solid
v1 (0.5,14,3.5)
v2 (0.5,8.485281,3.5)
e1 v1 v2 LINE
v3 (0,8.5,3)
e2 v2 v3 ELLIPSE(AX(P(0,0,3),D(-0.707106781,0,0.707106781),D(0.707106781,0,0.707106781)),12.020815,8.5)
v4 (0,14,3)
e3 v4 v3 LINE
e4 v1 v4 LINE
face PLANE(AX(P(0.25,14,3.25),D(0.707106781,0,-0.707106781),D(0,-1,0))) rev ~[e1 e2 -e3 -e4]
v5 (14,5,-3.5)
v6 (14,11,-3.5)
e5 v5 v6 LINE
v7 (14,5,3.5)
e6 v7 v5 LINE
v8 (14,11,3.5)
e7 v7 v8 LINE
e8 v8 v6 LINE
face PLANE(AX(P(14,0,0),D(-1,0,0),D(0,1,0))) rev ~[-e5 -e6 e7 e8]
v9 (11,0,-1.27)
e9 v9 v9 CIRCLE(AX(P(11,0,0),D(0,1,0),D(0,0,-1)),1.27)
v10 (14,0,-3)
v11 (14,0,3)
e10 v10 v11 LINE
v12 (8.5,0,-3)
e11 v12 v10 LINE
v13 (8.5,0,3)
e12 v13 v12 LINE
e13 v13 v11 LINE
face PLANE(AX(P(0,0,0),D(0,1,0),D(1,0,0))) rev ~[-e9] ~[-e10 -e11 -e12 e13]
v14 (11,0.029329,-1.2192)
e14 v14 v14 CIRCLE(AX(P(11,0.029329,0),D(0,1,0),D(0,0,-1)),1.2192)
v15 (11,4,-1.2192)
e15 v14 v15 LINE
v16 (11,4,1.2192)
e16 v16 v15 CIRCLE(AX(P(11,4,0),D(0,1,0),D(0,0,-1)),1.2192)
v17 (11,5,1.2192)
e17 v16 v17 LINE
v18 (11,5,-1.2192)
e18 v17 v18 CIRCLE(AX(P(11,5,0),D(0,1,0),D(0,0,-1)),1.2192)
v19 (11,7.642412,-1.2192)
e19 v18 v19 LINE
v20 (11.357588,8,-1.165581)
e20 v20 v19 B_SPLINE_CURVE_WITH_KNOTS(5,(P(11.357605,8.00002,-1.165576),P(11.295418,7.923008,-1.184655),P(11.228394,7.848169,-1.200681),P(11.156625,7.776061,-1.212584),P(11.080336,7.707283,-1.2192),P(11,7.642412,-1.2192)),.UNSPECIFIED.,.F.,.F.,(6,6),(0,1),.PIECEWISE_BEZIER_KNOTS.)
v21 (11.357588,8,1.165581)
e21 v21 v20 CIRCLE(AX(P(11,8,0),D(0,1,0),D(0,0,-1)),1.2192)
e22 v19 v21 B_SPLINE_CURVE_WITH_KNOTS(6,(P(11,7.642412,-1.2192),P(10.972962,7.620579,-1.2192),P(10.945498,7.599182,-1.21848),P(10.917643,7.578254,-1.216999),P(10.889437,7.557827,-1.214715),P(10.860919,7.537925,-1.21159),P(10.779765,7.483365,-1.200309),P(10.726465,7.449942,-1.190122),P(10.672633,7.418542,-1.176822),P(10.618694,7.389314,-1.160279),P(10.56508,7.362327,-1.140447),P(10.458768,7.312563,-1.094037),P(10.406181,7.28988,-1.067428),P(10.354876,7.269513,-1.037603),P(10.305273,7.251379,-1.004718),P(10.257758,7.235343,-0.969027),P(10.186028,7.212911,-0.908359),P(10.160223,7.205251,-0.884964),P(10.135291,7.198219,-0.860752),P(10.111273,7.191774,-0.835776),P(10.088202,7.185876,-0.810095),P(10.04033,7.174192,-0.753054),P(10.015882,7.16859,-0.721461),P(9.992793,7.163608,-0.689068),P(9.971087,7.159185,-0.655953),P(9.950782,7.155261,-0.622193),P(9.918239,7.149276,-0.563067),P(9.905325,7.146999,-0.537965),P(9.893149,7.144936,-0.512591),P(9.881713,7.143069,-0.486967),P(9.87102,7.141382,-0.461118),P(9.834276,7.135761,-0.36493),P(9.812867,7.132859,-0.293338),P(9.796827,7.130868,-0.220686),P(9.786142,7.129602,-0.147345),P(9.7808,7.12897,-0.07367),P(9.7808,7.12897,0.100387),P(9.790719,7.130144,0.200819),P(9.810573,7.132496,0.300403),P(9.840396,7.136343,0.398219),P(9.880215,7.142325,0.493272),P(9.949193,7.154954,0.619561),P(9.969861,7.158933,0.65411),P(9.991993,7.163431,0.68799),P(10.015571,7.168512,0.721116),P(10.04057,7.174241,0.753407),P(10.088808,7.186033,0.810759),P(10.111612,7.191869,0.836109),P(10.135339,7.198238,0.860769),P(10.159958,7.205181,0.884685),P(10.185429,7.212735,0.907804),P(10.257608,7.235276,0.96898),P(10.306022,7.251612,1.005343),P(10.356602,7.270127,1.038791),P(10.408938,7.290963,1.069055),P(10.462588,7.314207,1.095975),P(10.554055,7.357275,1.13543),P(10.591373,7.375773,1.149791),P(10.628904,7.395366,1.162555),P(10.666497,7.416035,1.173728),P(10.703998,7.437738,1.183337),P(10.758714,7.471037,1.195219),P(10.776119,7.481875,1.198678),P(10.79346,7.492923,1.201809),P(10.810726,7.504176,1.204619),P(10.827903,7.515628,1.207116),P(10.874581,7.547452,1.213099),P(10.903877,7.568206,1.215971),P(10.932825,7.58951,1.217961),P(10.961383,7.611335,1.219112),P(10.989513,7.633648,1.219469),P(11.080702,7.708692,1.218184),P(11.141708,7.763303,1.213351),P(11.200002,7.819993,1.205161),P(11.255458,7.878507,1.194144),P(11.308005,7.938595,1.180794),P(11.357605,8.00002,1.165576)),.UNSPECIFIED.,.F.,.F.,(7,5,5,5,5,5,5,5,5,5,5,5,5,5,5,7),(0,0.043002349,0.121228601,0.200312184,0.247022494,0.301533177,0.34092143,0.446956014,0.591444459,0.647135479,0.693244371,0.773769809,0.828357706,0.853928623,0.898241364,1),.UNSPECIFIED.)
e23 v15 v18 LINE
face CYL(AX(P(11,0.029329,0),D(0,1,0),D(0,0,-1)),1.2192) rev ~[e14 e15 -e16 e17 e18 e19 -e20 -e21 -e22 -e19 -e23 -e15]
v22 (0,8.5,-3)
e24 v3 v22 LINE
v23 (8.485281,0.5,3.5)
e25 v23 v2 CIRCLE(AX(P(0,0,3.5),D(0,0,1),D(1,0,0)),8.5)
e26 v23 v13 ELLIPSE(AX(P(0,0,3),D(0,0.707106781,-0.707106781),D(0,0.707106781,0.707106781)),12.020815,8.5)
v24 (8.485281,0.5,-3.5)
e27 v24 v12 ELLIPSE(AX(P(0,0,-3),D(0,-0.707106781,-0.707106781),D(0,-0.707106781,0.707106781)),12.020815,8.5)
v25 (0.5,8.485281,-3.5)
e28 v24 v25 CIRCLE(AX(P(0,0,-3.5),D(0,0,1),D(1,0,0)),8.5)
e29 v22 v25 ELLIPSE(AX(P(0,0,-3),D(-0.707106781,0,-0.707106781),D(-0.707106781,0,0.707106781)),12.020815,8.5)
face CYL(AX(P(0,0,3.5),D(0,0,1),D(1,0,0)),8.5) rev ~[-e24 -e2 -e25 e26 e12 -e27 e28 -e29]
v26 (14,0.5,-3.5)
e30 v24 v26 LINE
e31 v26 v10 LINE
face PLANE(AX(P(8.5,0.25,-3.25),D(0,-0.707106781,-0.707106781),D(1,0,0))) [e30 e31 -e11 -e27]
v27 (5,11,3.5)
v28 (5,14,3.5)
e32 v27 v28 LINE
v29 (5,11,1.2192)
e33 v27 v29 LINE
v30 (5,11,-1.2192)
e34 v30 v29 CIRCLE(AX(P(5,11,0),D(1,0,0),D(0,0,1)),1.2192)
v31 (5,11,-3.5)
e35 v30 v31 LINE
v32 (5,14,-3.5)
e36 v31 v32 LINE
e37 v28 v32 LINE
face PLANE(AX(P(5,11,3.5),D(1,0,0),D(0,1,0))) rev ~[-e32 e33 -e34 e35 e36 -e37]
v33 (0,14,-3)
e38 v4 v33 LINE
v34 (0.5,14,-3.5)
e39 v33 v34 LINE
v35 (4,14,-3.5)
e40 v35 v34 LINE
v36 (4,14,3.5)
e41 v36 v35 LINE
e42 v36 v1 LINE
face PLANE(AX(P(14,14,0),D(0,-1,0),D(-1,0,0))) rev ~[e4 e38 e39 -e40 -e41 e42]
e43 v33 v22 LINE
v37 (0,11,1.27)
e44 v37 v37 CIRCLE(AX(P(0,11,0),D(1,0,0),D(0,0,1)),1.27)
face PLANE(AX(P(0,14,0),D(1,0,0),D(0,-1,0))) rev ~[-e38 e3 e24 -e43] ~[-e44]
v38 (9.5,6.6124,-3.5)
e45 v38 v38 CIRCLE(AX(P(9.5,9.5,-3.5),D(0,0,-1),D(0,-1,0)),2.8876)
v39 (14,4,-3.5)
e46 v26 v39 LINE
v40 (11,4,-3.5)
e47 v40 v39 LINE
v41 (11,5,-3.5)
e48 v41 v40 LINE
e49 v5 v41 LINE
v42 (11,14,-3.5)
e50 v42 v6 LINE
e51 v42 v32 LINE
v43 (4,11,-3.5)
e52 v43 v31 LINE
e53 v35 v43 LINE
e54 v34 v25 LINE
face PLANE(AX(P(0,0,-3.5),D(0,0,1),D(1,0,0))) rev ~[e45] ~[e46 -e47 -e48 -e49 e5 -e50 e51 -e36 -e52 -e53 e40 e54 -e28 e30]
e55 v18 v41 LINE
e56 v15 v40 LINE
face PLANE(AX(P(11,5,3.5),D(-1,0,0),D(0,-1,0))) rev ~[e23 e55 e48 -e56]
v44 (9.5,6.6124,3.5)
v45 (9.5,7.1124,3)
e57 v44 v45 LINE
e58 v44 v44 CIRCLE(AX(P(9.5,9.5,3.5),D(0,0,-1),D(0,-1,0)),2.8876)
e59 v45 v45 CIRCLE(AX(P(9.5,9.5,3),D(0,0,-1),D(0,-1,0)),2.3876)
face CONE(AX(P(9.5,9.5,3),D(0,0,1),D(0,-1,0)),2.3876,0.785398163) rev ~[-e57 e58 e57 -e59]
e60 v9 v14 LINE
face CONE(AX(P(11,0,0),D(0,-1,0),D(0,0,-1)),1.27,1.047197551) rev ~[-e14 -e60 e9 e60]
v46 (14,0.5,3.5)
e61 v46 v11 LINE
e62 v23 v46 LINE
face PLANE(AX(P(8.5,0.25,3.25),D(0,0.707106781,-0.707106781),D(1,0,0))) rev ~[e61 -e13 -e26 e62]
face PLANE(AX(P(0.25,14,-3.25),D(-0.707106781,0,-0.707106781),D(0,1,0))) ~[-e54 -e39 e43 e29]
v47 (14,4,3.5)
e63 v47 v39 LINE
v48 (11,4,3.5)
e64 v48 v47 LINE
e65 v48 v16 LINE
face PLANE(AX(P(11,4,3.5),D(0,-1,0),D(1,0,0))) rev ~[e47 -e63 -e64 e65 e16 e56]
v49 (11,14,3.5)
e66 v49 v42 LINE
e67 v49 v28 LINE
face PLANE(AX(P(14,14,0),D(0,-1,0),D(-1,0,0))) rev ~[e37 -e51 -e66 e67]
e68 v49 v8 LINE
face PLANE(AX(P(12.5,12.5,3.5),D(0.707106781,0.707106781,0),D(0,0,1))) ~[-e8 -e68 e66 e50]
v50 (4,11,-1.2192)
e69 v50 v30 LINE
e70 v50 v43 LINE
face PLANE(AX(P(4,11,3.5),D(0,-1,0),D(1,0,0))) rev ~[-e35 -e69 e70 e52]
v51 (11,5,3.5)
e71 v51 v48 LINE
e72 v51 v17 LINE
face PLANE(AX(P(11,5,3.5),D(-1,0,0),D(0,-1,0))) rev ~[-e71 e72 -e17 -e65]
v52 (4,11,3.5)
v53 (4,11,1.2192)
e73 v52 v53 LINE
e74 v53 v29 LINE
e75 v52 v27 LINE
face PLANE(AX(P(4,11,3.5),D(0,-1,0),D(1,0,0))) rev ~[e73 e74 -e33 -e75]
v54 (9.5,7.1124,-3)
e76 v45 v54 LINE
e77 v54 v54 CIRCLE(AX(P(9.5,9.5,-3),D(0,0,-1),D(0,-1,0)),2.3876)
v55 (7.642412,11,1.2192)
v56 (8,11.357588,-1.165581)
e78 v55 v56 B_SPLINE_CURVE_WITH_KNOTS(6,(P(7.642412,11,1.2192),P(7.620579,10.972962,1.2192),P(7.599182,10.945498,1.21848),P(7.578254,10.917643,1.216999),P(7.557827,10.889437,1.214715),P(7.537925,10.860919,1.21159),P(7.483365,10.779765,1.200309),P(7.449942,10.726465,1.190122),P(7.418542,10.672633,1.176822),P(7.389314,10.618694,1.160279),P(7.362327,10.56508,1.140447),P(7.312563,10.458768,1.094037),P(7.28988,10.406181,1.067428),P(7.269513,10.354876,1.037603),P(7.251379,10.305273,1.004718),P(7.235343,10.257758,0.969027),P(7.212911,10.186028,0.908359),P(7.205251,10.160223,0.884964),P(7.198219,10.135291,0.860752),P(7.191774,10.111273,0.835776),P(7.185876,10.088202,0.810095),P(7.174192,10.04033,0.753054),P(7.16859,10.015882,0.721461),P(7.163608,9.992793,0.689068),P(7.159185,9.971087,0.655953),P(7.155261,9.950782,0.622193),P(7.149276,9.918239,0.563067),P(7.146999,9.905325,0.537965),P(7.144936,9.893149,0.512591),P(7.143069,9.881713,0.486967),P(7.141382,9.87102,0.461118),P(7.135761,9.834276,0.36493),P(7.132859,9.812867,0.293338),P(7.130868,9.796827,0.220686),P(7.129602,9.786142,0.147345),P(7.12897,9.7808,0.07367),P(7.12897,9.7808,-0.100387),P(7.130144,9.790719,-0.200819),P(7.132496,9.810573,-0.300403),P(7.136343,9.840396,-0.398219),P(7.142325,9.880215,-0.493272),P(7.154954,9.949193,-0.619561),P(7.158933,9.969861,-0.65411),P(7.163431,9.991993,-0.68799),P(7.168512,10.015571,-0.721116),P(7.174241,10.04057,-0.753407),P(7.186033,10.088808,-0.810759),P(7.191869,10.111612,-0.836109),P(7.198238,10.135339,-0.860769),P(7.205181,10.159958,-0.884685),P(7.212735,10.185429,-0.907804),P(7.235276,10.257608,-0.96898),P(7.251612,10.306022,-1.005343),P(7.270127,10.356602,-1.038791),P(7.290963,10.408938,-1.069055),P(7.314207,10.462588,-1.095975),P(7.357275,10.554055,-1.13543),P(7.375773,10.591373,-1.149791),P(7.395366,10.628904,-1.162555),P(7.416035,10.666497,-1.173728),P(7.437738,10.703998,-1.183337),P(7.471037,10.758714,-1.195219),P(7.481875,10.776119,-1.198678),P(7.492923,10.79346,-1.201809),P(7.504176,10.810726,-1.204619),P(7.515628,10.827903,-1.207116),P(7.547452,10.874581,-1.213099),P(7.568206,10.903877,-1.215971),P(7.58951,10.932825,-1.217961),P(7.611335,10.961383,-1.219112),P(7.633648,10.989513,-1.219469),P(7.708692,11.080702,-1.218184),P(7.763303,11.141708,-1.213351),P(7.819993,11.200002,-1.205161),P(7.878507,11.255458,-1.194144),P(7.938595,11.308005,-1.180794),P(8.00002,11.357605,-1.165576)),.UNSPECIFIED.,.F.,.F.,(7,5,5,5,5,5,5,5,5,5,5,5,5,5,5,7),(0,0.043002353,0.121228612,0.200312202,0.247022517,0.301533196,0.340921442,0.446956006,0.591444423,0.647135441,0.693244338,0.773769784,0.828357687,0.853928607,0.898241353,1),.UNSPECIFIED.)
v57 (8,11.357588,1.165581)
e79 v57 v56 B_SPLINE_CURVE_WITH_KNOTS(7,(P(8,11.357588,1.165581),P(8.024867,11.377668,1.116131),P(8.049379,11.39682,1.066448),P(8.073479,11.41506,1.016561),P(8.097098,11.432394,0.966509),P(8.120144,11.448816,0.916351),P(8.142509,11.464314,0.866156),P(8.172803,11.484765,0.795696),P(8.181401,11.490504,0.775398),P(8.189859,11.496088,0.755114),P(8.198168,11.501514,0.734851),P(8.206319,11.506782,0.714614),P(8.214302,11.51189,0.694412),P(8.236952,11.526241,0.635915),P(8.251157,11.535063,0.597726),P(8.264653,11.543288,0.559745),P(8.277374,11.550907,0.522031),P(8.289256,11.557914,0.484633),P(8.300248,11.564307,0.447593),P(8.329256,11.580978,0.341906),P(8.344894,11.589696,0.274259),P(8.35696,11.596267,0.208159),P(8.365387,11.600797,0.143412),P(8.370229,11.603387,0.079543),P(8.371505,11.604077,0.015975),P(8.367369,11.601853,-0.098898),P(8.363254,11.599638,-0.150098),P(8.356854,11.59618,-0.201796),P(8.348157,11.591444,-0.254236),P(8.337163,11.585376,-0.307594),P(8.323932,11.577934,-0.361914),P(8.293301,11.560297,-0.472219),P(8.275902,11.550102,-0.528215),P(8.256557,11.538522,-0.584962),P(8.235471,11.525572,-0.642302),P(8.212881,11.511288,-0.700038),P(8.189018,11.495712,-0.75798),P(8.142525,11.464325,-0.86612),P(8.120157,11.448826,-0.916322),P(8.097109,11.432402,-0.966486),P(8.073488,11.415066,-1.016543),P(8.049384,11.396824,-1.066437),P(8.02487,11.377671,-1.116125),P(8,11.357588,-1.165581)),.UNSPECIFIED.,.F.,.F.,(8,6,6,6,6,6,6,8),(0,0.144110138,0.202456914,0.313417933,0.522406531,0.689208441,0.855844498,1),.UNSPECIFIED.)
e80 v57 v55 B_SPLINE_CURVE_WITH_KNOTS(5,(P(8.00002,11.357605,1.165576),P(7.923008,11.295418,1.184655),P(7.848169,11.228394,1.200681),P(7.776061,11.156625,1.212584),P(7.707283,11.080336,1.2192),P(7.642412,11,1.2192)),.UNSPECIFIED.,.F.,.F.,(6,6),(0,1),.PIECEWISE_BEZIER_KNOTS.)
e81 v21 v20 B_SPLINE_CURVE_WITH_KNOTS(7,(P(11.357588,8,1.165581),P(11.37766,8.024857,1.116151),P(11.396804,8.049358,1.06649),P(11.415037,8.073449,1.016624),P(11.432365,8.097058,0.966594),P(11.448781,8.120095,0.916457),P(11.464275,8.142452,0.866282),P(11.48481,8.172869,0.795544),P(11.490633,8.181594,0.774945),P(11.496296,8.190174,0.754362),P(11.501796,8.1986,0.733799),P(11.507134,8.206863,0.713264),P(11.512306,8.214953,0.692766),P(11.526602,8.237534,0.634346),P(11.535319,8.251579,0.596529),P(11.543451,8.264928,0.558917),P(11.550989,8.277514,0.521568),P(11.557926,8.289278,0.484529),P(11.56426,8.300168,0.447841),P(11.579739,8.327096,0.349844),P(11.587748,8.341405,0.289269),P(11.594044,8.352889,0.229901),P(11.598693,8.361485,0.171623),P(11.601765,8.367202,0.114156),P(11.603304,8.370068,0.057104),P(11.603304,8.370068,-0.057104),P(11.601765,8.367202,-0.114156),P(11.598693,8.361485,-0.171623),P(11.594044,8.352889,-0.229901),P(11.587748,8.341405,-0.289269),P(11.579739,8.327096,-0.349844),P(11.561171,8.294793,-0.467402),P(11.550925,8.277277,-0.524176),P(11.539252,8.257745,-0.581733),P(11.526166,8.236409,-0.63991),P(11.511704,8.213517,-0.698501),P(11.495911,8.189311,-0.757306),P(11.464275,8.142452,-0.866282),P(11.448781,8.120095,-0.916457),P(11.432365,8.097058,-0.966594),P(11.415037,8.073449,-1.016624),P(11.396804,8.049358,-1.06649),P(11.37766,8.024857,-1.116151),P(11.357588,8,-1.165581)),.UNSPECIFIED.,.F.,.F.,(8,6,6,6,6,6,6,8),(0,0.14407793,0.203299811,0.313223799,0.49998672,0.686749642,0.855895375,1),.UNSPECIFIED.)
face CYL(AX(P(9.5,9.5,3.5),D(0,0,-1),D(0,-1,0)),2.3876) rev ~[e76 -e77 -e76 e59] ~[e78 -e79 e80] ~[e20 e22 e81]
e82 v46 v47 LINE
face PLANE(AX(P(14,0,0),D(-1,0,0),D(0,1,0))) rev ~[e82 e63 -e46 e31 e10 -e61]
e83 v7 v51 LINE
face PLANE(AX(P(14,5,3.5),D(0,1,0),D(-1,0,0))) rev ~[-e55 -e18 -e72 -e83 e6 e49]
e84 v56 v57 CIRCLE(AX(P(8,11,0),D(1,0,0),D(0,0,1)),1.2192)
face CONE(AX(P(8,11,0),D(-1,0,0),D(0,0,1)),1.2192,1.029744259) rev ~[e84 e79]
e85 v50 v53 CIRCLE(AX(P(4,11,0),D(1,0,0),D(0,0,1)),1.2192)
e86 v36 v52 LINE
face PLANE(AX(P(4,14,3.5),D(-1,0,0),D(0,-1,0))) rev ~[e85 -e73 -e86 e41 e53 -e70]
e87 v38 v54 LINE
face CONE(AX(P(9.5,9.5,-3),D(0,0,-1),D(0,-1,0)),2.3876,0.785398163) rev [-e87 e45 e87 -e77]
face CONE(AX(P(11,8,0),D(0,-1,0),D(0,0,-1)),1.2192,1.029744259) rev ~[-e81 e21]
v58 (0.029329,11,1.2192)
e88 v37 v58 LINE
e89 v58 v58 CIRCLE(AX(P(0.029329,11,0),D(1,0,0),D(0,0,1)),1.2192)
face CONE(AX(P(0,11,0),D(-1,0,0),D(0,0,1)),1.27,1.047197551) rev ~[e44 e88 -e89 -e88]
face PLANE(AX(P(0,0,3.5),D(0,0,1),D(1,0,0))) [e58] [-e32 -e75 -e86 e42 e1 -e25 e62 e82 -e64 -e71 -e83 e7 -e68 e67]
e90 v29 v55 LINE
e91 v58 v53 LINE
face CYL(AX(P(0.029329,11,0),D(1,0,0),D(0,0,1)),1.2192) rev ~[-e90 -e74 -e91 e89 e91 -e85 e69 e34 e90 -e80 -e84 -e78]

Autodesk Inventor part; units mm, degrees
ref_plane "YZ Plane" through (0, 0, 0) normal (1, 0, 0) x (0, 1, 0)
ref_plane "XZ Plane" through (0, 0, 0) normal (0, 1, 0) x (-1, 0, 0)
ref_plane "XY Plane" through (0, 0, 0) normal (0, 0, 1) x (1, 0, 0)
sketch "Sketch1" plane through (0, 0, 0) normal (0, 0, 1) x (1, 0, 0)
  line L0 (0, 0) -> (14, 0)
  line L1 (14, 0) -> (14, 14)
  line L2 (14, 14) -> (0, 14)
  line L3 (0, 14) -> (0, 0)
  dimension "d0" = 14
  dimension "d1" = 14
extrude "Extrusion1" add sketch "Sketch1" along normal mid plane 7
hole "Hole1" at (9.5, 9.5, 3.5) direction (0, 0, -1) diameter 4.7752 end through all
sketch "Sketch22" plane through (0, 0, 3.5) normal (0, 0, 1) x (1, 0, 0)
  line L0 (0, 0) -> (0, 14) projected
  line L1 (14, 0) -> (0, 0) projected
  arc A0 (8.5, 0) -> (0, 8.5) centre (0, 0) ccw
  line L2 (0, 8.5) -> (0, 0)
  line L3 (0, 0) -> (8.5, 0)
  dimension "d145" = 8.5
extrude "Extrusion19" cut sketch "Sketch22" against normal through all
sketch "Sketch15" plane through (0, 0, 3.5) normal (0, 0, 1) x (1, 0, 0)
  line L0 (14, 0) -> (0, 0) projected
  line L1 (0, 0) -> (0, 14) projected
  line L2 (5, 5) -> (5, 12)
  line L3 (5, 12) -> (4, 12)
  line L4 (4, 12) -> (4, 5)
  line L5 (5, 4) -> (12, 4)
  line L6 (12, 4) -> (12, 5)
  line L7 (12, 5) -> (5, 5)
  arc A0 (8.5, 0) -> (0, 8.5) centre (0, 0) ccw projected
  line L8 (4, 5) -> (0, 5)
  line L9 (0, 5) -> (0, 0)
  line L10 (0, 0) -> (5, 0)
  line L11 (5, 0) -> (5, 4)
  point P0 (0, 7.5)
  point P1 (7.5, 0)
  point P2 (5.3543, 6.6016)
  dimension "d94" = 1
  dimension "d95" = 4
  dimension "d96" = 4
  dimension "d97" = 12
extrude "sawblade" [suppressed]
chamfer "Chamfer5" distance 3 angle 45 1 edges at (14, 14, 0)
chamfer "Chamfer8" distance 0.5 angle 45 4 edges at (11.25, 0, 3.5) (0, 11.25, 3.5) (11.25, 0, -3.5) (0, 11.25, -3.5)
chamfer "Chamfer9" distance 0.5 angle 45 2 edges at (9.5, 11.8876, 3.5) (9.5, 11.8876, -3.5)
hole "Hole6" at (11, 0, 0) direction (0, 1, 0) diameter 2.4384 depth 8 tip angle 118 countersink diameter 2.54 countersink angle 120
hole "Hole7" at (0, 11, 0) direction (1, 0, 0) diameter 2.4384 depth 8 tip angle 118 countersink diameter 2.54 countersink angle 120
sketch "Sketch25" plane through (0, 0, 3.5) normal (0, 0, 1) x (1, 0, 0)
  line L0 (0.5, 14) -> (11, 14) projected
  line L1 (5, 14) -> (4, 14)
  line L2 (4, 14) -> (4, 11)
  line L3 (4, 11) -> (5, 11)
  line L4 (5, 11) -> (5, 14)
  line L5 (0, 14) -> (0, 8.5) projected
  dimension "d183" = 3
  dimension "d184" = 4
  dimension "d185" = 1
extrude "sawblade1" cut sketch "Sketch25" against normal through all
sketch "Sketch26" plane through (0, 0, 3.5) normal (0, 0, 1) x (1, 0, 0)
  line L0 (14, 5) -> (11, 5)
  line L1 (11, 5) -> (11, 4)
  line L2 (11, 4) -> (14, 4)
  line L3 (14, 4) -> (14, 5)
  line L4 (8.5, 0) -> (14, 0) projected
  dimension "d188" = 4
  dimension "d189" = 1
  dimension "d190" = 3
extrude "sawblade2" cut sketch "Sketch26" against normal through all
hole "Hole8" [suppressed]
hole "Hole9" [suppressed]
properties part number "FOX-ME-118-01" material "Delrin, Black"
